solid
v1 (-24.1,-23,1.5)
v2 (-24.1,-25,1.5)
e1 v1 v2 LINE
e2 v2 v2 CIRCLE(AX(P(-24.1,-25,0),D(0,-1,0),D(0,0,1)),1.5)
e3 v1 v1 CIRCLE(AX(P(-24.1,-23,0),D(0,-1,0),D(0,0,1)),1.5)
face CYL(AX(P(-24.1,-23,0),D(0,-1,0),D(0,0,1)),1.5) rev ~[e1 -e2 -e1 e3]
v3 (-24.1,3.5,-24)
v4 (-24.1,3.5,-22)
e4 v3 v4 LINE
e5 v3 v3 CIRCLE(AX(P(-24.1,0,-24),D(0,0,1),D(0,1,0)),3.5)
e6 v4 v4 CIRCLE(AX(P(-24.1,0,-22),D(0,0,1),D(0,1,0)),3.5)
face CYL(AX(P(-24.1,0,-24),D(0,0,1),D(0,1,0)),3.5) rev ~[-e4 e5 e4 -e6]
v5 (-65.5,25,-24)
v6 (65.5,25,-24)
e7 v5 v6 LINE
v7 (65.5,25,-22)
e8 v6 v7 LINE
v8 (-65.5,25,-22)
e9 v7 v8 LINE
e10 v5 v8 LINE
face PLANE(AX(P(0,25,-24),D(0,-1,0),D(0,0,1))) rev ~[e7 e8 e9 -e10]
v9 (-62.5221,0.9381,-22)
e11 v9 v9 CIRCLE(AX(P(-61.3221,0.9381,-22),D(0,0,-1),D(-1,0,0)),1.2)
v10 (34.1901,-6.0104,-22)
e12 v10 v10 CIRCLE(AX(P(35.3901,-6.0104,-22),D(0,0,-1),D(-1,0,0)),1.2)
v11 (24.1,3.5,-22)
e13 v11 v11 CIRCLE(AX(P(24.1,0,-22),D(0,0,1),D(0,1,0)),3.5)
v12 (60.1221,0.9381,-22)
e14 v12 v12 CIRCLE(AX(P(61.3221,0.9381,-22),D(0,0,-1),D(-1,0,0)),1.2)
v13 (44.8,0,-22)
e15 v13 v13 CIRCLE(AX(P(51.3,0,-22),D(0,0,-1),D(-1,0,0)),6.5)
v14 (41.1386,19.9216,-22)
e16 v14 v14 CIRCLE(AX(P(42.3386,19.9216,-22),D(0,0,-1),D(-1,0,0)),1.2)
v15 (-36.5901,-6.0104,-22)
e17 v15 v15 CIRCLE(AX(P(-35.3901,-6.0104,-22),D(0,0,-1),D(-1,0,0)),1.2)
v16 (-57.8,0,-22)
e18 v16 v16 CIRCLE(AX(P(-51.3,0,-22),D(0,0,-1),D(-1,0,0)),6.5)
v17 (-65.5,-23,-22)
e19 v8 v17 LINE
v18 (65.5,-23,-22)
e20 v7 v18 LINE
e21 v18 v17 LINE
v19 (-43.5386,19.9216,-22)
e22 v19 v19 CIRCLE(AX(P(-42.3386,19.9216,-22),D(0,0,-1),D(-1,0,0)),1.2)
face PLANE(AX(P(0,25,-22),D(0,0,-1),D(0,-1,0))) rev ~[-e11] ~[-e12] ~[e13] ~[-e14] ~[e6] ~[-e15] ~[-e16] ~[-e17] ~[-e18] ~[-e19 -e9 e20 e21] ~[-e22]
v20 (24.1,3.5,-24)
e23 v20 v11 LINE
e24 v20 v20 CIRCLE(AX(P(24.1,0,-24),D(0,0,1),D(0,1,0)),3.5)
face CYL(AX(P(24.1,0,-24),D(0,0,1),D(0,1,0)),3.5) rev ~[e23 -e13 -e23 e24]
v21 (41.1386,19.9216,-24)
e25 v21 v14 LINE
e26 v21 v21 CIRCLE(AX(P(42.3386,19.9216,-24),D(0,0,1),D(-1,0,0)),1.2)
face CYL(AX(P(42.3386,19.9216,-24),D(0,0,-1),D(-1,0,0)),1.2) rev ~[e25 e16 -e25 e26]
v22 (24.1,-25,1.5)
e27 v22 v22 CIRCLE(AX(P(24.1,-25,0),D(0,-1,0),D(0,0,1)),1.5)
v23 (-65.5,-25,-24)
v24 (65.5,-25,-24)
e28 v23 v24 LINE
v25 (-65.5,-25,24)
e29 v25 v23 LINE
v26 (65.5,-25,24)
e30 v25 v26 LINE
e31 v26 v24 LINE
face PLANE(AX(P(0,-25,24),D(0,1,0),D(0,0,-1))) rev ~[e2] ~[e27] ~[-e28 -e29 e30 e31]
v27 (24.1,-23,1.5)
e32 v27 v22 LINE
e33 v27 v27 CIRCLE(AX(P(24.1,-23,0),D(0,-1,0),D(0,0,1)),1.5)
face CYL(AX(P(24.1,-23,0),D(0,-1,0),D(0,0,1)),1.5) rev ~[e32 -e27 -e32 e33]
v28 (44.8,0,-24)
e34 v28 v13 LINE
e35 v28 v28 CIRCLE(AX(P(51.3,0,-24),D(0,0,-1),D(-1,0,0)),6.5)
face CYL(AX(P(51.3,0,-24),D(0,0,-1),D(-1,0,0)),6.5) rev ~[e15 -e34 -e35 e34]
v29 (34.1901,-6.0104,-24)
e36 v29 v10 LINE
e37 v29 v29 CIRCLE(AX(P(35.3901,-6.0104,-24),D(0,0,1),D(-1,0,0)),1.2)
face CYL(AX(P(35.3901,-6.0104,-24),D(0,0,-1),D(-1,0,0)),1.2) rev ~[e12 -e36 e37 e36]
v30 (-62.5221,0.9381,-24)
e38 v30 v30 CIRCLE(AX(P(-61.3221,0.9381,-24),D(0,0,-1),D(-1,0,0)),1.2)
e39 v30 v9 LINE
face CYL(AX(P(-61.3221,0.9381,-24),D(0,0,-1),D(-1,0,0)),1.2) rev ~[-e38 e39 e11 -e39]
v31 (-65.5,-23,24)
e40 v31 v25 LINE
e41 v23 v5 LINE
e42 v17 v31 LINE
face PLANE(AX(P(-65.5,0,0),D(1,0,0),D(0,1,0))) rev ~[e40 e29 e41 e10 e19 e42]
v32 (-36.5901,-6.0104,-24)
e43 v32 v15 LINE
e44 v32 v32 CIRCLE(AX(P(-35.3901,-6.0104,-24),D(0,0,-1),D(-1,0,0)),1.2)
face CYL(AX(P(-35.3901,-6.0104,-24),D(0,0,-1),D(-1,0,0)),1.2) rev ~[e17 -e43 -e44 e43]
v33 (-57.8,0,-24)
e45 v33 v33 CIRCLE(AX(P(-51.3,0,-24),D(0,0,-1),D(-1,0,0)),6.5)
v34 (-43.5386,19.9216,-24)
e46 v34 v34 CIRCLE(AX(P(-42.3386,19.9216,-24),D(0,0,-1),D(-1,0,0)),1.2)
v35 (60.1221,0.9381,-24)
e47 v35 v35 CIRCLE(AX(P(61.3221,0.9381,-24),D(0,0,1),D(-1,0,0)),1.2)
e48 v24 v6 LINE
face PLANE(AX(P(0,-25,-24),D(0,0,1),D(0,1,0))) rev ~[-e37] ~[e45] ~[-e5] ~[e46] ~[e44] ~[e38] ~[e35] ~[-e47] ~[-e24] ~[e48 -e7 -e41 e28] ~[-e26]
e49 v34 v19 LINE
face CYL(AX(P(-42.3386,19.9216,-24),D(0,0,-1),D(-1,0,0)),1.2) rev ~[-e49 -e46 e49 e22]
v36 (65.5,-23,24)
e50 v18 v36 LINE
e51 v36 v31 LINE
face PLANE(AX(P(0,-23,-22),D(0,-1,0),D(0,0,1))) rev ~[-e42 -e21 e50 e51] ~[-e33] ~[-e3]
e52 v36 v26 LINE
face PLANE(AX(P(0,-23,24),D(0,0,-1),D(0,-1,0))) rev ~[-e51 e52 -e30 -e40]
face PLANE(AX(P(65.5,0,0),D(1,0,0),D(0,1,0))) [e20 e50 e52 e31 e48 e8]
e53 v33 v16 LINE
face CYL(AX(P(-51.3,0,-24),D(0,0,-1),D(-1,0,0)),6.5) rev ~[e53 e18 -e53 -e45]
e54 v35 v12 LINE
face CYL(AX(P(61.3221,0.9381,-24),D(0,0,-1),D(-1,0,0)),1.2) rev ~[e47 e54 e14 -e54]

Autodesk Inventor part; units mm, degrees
ref_plane "YZ Plane" through (0, 0, 0) normal (1, 0, 0) x (0, 1, 0)
ref_plane "XZ Plane" through (0, 0, 0) normal (0, 1, 0) x (-1, 0, 0)
ref_plane "XY Plane" through (0, 0, 0) normal (0, 0, 1) x (1, 0, 0)
sketch "Sketch1" plane through (0, 0, 0) normal (1, 0, 0) x (0, 1, 0)
  line L0 (-25, 24) -> (-25, -24)
  line L1 (-25, -24) -> (25, -24)
  line L2 (25, -24) -> (25, -22)
  line L3 (25, -22) -> (-23, -22)
  line L4 (-23, -22) -> (-23, 24)
  line L5 (-23, 24) -> (-25, 24)
extrude "Extrusion1" add sketch "Sketch1" along normal mid plane 131
sketch "Sketch2" plane through (65.5, 25, -24) normal (0, 0, -1) x (-1, 0, 0)
  circle A0 centre (41.4, -25) radius 3.5
  circle A1 centre (89.6, -25) radius 3.5
  dimension "d17" = 7
  dimension "d18" = 7
hole "Hole1" at (24.1, 0, -24) at (-24.1, 0, -24) direction (0, 0, 1) diameter 7 depth 2
sketch "Sketch3" plane through (65.5, 25, -24) normal (0, 0, -1) x (-1, 0, 0)
  line L0 (65.5, -25) -> (14.2, -25)
  line L1 (65.5, -25) -> (116.8, -25)
  circle A0 centre (14.2, -25) radius 9.5
  circle A1 centre (14.2, -25) radius 1.75
  circle A2 centre (116.8, -25) radius 1.75
  dimension "d26" = 51.3
  dimension "d27" = 51.3
  dimension "d28" = 19
  dimension "d29" = 3.5
  dimension "d30" = 3.5
hole "Hole2" at (51.3, 0, -24) at (-51.3, 0, -24) direction (0, 0, 1) diameter 3.5 depth 2
sketch "Sketch5" plane through (-65.5, -23, 24) normal (0, 1, 0) x (1, 0, 0)
  circle A0 centre (41.4, 24) radius 1.2
  circle A1 centre (89.6, 24) radius 1.2
  dimension "d62" = 2.4
  dimension "d63" = 2.4
hole "Hole4" at (-24.1, -23, 0) at (24.1, -23, 0) direction (0, -1, 0) diameter 3 depth 2
sketch "Sketch7" plane through (65.5, 25, -24) normal (0, 0, -1) x (-1, 0, 0)
  circle A0 centre (14.2, -25) radius 1.75 projected
  circle A1 centre (14.2, -25) radius 3.5
  point P0 (65.5, -25)
  dimension "d89" = 7
extrude "Extrusion3" cut sketch "Sketch7" against normal blind 2
sketch "Sketch8" plane through (65.5, 25, -24) normal (0, 0, -1) x (-1, 0, 0)
  circle A0 centre (14.2, -25) radius 3.5 projected
  line L0 (14.2, -25) -> (39.2, -25) construction
  circle A1 centre (19.1497, -20.0503) radius 18.4
  circle A2 centre (19.1497, -20.0503) radius 15.5
  line L1 (14.2, -25) -> (19.1497, -20.0503)
  line L2 (19.1497, -20.0503) -> (36.8274, -2.3726)
  line L3 (36.8274, -2.3726) -> (1.4721, -37.7279)
  line L4 (6.139, -7.0395) -> (32.1605, -33.061)
  circle A3 centre (8.1896, -9.0901) radius 1.2
  circle A4 centre (30.1099, -31.0104) radius 1.2
  circle A5 centre (23.1614, -5.0784) radius 1.2
  circle A6 centre (4.1779, -24.0619) radius 1.2
  circle A7 centre (15.1381, -35.0221) radius 1.2
  circle A8 centre (34.1216, -16.0386) radius 1.2
  point P0 (65.5, -25)
  dimension "d96" = 31
  dimension "d97" = 25
  dimension "d98" = 180
  dimension "d99" = 50
  dimension "d100" = 2.4
  dimension "d101" = 2.4
  dimension "d104" = 2.4
  dimension "d105" = 2.4
  dimension "d106" = 2.4
  dimension "d107" = 2.4
extrude "Extrusion4" cut sketch "Sketch8" against normal blind 2 contours A3 A2 L4 | L4 A2 A3 | A4 A2 L4 | L4 A2 A4 | A6 A2 | A2 A6 | A7 A2 | A2 A7 | A8 A2 | A2 A8 | A5 A2 | A2 A5 | L4 A3 A2 | A2 A3 L4 | L4 A4 A2 | A2 A4 L4
sketch "Sketch9" plane through (65.5, 25, -24) normal (0, 0, -1) x (-1, 0, 0)
  circle A0 centre (34.1216, -16.0386) radius 1.2 projected
  circle A1 centre (8.1896, -9.0901) radius 1.2 projected
  circle A2 centre (15.1381, -35.0221) radius 1.2 projected
  point P0 (65.5, -25)
extrude "Extrusion6" add sketch "Sketch9" against normal blind 2
sketch "Sketch11" plane through (65.5, 25, -24) normal (0, 0, -1) x (-1, 0, 0)
  circle A0 centre (4.1779, -24.0619) radius 1.2 projected
  circle A1 centre (30.1099, -31.0104) radius 1.2 projected
  circle A2 centre (23.1614, -5.0784) radius 1.2 projected
  circle A3 centre (14.2, -25) radius 3.5 projected
  circle A4 centre (116.8, -25) radius 1.75 projected
  line L0 (65.5, -25) -> (65.5, 0)
  line L1 (0, 0) -> (131, 0) projected
  circle A5 centre (126.8221, -24.0619) radius 1.2
  circle A6 centre (100.8901, -31.0104) radius 1.2
  circle A7 centre (107.8386, -5.0784) radius 1.2
  circle A8 centre (116.8, -25) radius 3.5
extrude "Extrusion7" cut sketch "Sketch11" against normal blind 2 contours A5 | A6 | A7 | A8
sketch "Sketch12" plane through (65.5, 25, -24) normal (0, 0, -1) x (-1, 0, 0)
  circle A0 centre (116.8, -25) radius 3.5 projected
  circle A1 centre (14.2, -25) radius 3.5 projected
  circle A2 centre (14.2, -25) radius 6.5
  circle A3 centre (116.8, -25) radius 6.5
  point P0 (65.5, -25)
  dimension "d116" = 13
  dimension "d117" = 13
extrude "Extrusion8" cut sketch "Sketch12" against normal blind 2
properties part number "drzak_motory"
